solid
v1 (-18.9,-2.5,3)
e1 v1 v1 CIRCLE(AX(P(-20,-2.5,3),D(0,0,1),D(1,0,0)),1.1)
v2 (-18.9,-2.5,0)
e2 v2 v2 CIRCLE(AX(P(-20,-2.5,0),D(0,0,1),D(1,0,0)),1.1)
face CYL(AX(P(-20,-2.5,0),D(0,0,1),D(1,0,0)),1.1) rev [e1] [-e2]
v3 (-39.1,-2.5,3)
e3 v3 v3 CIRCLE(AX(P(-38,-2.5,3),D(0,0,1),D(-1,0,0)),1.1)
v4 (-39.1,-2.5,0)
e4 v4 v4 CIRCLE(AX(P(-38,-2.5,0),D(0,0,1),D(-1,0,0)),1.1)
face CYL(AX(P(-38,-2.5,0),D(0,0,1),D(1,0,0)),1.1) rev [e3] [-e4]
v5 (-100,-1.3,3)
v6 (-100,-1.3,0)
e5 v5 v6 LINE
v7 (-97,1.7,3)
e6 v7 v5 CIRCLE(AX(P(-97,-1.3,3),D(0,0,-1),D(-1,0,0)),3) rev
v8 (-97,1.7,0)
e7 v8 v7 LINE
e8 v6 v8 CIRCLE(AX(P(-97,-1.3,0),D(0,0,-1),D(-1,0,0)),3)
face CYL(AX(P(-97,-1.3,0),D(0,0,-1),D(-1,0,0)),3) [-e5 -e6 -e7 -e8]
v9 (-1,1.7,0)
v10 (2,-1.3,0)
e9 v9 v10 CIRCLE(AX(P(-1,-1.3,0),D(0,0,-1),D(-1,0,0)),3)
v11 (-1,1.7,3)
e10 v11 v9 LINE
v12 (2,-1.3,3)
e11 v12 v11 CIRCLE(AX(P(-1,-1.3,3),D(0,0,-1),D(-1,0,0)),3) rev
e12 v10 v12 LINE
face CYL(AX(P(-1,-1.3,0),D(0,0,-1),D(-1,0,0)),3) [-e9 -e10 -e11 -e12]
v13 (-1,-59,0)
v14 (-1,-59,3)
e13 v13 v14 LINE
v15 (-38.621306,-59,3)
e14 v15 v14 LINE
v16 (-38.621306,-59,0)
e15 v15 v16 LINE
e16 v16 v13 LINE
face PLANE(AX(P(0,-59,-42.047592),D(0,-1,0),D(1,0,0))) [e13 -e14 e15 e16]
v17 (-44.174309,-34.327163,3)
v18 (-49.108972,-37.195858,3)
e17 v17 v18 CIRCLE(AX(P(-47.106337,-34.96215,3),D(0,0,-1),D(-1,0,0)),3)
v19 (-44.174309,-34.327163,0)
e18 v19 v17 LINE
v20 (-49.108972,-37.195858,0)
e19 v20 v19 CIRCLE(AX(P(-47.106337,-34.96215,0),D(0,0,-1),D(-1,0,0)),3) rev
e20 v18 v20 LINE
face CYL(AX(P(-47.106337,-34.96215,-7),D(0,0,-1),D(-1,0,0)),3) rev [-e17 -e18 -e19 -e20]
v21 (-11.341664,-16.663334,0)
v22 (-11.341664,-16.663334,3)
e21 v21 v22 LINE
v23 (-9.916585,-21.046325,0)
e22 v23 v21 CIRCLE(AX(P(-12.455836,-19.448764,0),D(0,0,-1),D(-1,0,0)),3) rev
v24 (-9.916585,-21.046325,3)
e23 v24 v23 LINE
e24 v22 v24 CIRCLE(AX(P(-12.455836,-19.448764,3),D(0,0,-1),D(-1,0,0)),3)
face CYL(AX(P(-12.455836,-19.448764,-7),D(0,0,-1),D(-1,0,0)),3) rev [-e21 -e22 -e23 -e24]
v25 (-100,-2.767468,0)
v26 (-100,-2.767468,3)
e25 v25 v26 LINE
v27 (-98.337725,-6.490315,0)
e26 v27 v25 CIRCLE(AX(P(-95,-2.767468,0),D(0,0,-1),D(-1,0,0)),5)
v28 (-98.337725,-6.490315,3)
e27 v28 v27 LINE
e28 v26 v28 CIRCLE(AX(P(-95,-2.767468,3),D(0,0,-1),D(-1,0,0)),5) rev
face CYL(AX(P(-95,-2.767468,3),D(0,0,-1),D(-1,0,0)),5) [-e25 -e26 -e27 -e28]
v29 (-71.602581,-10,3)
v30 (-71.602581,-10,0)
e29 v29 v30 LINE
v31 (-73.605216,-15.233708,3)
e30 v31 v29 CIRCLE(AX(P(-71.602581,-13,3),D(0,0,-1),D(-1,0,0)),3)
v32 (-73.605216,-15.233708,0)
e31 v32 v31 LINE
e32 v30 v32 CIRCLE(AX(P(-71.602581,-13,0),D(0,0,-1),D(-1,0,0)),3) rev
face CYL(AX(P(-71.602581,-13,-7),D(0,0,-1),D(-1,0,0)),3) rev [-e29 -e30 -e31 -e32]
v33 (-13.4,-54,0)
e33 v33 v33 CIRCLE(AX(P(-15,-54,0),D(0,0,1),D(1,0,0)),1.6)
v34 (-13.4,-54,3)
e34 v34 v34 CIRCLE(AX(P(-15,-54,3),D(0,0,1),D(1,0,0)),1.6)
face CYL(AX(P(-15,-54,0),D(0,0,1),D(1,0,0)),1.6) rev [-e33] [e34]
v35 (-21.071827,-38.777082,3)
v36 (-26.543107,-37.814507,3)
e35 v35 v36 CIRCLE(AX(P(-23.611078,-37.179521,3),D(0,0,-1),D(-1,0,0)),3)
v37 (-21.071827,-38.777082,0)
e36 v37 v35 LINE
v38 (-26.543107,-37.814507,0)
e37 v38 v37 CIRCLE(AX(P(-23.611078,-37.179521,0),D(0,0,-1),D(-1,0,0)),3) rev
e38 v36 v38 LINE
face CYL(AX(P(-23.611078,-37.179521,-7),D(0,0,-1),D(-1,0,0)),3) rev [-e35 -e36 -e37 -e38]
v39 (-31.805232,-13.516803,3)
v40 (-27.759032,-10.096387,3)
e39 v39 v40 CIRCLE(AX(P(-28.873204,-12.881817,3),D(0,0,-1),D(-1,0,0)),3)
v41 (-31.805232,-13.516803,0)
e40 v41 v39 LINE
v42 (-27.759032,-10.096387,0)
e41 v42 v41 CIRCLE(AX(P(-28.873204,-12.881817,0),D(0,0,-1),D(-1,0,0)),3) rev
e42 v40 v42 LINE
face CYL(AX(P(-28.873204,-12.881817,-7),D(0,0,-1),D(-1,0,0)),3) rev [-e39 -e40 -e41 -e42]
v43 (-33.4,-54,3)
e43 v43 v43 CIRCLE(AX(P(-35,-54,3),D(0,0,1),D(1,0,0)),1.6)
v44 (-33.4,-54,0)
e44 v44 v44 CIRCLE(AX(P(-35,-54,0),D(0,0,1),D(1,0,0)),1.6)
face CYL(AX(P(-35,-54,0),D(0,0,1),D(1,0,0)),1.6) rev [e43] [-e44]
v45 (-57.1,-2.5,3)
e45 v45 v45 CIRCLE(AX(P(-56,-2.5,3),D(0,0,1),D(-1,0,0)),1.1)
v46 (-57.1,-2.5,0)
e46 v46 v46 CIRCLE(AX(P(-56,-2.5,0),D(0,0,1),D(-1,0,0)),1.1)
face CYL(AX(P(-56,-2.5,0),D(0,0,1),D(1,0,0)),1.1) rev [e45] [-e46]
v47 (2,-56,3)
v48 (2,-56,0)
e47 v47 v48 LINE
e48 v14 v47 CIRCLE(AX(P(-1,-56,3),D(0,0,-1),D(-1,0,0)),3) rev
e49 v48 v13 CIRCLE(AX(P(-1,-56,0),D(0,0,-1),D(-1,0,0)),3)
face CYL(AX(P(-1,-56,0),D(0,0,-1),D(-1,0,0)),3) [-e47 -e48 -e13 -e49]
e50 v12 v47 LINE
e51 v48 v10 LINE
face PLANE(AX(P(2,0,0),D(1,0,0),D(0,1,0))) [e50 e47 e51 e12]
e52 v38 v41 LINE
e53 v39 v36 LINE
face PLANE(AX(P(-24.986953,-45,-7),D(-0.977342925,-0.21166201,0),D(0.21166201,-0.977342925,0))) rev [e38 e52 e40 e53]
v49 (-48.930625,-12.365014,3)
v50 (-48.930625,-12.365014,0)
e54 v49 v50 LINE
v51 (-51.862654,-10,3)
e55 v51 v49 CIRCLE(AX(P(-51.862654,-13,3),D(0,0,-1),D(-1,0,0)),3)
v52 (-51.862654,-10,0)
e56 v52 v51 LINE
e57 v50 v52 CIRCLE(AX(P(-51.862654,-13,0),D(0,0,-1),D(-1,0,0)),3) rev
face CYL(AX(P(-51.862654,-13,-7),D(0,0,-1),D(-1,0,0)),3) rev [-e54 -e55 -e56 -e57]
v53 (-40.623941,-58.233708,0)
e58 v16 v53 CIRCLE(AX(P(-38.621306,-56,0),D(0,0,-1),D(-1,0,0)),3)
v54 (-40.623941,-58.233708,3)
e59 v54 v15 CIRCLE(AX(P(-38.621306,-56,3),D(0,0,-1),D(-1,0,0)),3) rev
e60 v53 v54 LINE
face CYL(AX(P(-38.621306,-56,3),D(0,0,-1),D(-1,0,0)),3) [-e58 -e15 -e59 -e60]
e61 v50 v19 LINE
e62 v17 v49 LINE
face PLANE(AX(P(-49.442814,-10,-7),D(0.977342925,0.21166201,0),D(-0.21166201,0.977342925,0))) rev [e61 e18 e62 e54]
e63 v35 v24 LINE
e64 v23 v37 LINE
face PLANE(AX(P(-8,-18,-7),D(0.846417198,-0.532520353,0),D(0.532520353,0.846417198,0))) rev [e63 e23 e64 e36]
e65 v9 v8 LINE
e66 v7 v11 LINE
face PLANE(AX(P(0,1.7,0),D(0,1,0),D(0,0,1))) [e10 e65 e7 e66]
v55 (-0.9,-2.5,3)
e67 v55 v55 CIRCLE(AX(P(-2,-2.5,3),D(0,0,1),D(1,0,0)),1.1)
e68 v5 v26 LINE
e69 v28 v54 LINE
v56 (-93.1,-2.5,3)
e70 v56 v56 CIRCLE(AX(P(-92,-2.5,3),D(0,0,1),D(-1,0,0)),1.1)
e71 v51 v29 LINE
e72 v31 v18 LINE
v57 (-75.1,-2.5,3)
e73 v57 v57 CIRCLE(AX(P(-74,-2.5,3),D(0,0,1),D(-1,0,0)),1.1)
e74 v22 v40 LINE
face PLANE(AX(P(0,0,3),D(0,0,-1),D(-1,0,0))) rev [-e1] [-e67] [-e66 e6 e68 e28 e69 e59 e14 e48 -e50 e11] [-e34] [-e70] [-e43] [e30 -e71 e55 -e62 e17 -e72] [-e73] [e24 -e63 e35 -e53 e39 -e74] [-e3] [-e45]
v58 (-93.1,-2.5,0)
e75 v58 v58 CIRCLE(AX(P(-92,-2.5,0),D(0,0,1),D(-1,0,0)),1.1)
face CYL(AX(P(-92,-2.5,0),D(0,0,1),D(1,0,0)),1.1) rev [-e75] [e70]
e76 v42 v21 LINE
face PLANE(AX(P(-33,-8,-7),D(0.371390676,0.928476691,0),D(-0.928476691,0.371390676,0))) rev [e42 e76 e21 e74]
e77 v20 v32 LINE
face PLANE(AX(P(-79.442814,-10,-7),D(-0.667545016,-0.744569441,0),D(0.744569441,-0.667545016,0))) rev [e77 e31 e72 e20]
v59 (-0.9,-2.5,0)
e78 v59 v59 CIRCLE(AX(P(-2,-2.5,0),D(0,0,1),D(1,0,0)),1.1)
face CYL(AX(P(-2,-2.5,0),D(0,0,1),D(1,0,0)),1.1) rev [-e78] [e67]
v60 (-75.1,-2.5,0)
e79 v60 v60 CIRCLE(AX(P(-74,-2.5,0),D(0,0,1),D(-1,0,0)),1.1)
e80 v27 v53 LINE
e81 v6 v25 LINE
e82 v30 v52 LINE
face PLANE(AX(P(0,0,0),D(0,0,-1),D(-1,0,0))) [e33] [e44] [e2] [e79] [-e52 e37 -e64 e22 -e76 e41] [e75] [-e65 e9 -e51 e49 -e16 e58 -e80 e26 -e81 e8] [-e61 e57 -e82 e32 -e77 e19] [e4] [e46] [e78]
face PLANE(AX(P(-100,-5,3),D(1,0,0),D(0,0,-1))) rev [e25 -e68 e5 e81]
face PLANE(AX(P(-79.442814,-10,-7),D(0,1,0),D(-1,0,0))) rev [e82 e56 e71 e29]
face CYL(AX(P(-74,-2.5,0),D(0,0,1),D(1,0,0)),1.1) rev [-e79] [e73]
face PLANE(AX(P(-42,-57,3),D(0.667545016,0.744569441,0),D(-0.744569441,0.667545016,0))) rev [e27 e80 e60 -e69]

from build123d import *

# Parameters (mm, degrees)
EXTRUDE_1_DEPTH     = 3
SKETCH_2_R          = 1.1
SKETCH_2_R_2        = 1.025013192
SKETCH_2_R_3        = 1.6
CUT_EXTRUDE_2_DEPTH = 116.143388868
FILLET_1_R          = 5
SKETCH_3_R          = 1.6
SKETCH_3_R_2        = 1.1
EXTRUDE_2_DEPTH     = 3
CUT_EXTRUDE_3_DEPTH = 10
FILLET_2_R          = 3
EXTRUDE_3_DEPTH     = 3
SKETCH_6_W          = 3
SKETCH_6_H          = 59
EXTRUDE_4_DEPTH     = 2
SKETCH_7_W          = 102
SKETCH_7_H          = 3
EXTRUDE_5_DEPTH     = 1.7
FILLET_4_R          = 3


with BuildPart() as part:
    # 草图1 → 凸台-拉伸1 (new body)
    with BuildSketch(Plane.XY):
        Polygon((0, 0), (0, -57), (-42, -57), (-100, -5), (-100, 0), align=None)
    extrude(amount=EXTRUDE_1_DEPTH)

    # 草图2 → 切除-拉伸2 (cut, through all)
    with BuildSketch(Plane.XY.offset(3)):
        with Locations(Location((-38, -45, 0), (0, 0, 180))):
            Circle(SKETCH_2_R)
        with Locations(Location((-38, -14.5, 0), (0, 0, 180))):
            Circle(SKETCH_2_R)
        with Locations(Location((-38, -2.5, 0), (0, 0, 180))):
            Circle(SKETCH_2_R)
        with Locations(Location((-56, -2.5, 0), (0, 0, 180))):
            Circle(SKETCH_2_R)
        with Locations(Location((-74, -2.5, 0), (0, 0, 180))):
            Circle(SKETCH_2_R)
        with Locations(Location((-92, -2.5, 0), (0, 0, 180))):
            Circle(SKETCH_2_R)
        with Locations((-55.007781707, -42.651734732)):
            Circle(SKETCH_2_R_2)
        with Locations((-81.223203164, -24.300939713)):
            Circle(SKETCH_2_R_2)
        with Locations((-20, -2.5)):
            Circle(SKETCH_2_R)
        with Locations((-2, -2.5)):
            Circle(SKETCH_2_R)
        with Locations((-2, -14.5)):
            Circle(SKETCH_2_R)
        with Locations((-2, -45)):
            Circle(SKETCH_2_R)
        with Locations((-15, -54)):
            Circle(SKETCH_2_R_3)
        with Locations((-35, -54)):
            Circle(SKETCH_2_R_3)
    extrude(amount=-CUT_EXTRUDE_2_DEPTH, mode=Mode.SUBTRACT)

    # 圆角1
    fillet_1_edges = [part.edges().sort_by_distance(p)[0] for p in [
        (-100, -5, 1.5),
    ]]
    fillet(fillet_1_edges, radius=FILLET_1_R)

    # 草图3 → 凸台-拉伸2 (add)
    with BuildSketch(Plane.XY.offset(3)):
        with BuildLine():
            Line((-100, 0), (-100, -2.767468243))
            ThreePointArc((-100, -2.767468243), (-99.565557216, -4.806018538), (-98.337725079, -6.490315447))
            Line((-98.337725079, -6.490315447), (-42, -57))
            Line((-42, -57), (0, -57))
            Line((0, -57), (0, 0))
            Line((0, 0), (-100, 0))
        make_face()
        with Locations((-15, -54)):
            Circle(SKETCH_3_R, mode=Mode.SUBTRACT)
        with Locations((-35, -54)):
            Circle(SKETCH_3_R, mode=Mode.SUBTRACT)
        with Locations((-2, -2.5)):
            Circle(SKETCH_3_R_2, mode=Mode.SUBTRACT)
        with Locations((-20, -2.5)):
            Circle(SKETCH_3_R_2, mode=Mode.SUBTRACT)
        with Locations(Location((-38, -2.5, 0), (0, 0, 180))):
            Circle(SKETCH_3_R_2, mode=Mode.SUBTRACT)
        with Locations(Location((-56, -2.5, 0), (0, 0, 180))):
            Circle(SKETCH_3_R_2, mode=Mode.SUBTRACT)
        with Locations(Location((-74, -2.5, 0), (0, 0, 180))):
            Circle(SKETCH_3_R_2, mode=Mode.SUBTRACT)
        with Locations(Location((-92, -2.5, 0), (0, 0, 180))):
            Circle(SKETCH_3_R_2, mode=Mode.SUBTRACT)
    extrude(amount=-EXTRUDE_2_DEPTH)

    # 草图4 → 切除-拉伸3 (cut)
    with BuildSketch(Plane.XY.offset(3)):
        Polygon((-79.442813774, -10), (-42.214341741, -43.377250788), (-49.442813774, -10), align=None)
        Polygon((-33, -8), (-8, -18), (-24.986953422, -45), align=None)
    extrude(amount=-CUT_EXTRUDE_3_DEPTH, mode=Mode.SUBTRACT)

    # 圆角2
    fillet_2_edges = [part.edges().sort_by_distance(p)[0] for p in [
        (-79.442813774, -10, 1.5),
        (-49.442813774, -10, 1.5),
        (-42.214341741, -43.377250788, 1.5),
        (-24.986953422, -45, 1.5),
        (-33, -8, 1.5),
        (-8, -18, 1.5),
    ]]
    fillet(fillet_2_edges, radius=FILLET_2_R)

    # 草图5 → 凸台-拉伸3 (add)
    with BuildSketch(Plane.XY.offset(3)):
        Polygon((0, -57), (-42, -57), (-39.769230769, -59), (0, -59), align=None)
    extrude(amount=-EXTRUDE_3_DEPTH)

    # 草图6 → 凸台-拉伸4 (add)
    with BuildSketch(Plane(origin=(0, 0, 0), x_dir=(0, 0, -1), z_dir=(1, 0, 0))):
        with Locations((-1.5, -29.5)):
            Rectangle(SKETCH_6_W, SKETCH_6_H)
    extrude(amount=EXTRUDE_4_DEPTH)

    # 草图7 → 凸台-拉伸5 (add)
    with BuildSketch(Plane(origin=(0, 0, 0), x_dir=(1, 0, 0), z_dir=(0, 1, 0))):
        with Locations((-49, -1.5)):
            Rectangle(SKETCH_7_W, SKETCH_7_H)
    extrude(amount=EXTRUDE_5_DEPTH)

    # 圆角4
    fillet_4_edges = [part.edges().sort_by_distance(p)[0] for p in [
        (-39.769230769, -59, 1.5),
        (2, -59, 1.5),
        (2, 1.7, 1.5),
        (-100, 1.7, 1.5),
    ]]
    fillet(fillet_4_edges, radius=FILLET_4_R)


solid = part.part
